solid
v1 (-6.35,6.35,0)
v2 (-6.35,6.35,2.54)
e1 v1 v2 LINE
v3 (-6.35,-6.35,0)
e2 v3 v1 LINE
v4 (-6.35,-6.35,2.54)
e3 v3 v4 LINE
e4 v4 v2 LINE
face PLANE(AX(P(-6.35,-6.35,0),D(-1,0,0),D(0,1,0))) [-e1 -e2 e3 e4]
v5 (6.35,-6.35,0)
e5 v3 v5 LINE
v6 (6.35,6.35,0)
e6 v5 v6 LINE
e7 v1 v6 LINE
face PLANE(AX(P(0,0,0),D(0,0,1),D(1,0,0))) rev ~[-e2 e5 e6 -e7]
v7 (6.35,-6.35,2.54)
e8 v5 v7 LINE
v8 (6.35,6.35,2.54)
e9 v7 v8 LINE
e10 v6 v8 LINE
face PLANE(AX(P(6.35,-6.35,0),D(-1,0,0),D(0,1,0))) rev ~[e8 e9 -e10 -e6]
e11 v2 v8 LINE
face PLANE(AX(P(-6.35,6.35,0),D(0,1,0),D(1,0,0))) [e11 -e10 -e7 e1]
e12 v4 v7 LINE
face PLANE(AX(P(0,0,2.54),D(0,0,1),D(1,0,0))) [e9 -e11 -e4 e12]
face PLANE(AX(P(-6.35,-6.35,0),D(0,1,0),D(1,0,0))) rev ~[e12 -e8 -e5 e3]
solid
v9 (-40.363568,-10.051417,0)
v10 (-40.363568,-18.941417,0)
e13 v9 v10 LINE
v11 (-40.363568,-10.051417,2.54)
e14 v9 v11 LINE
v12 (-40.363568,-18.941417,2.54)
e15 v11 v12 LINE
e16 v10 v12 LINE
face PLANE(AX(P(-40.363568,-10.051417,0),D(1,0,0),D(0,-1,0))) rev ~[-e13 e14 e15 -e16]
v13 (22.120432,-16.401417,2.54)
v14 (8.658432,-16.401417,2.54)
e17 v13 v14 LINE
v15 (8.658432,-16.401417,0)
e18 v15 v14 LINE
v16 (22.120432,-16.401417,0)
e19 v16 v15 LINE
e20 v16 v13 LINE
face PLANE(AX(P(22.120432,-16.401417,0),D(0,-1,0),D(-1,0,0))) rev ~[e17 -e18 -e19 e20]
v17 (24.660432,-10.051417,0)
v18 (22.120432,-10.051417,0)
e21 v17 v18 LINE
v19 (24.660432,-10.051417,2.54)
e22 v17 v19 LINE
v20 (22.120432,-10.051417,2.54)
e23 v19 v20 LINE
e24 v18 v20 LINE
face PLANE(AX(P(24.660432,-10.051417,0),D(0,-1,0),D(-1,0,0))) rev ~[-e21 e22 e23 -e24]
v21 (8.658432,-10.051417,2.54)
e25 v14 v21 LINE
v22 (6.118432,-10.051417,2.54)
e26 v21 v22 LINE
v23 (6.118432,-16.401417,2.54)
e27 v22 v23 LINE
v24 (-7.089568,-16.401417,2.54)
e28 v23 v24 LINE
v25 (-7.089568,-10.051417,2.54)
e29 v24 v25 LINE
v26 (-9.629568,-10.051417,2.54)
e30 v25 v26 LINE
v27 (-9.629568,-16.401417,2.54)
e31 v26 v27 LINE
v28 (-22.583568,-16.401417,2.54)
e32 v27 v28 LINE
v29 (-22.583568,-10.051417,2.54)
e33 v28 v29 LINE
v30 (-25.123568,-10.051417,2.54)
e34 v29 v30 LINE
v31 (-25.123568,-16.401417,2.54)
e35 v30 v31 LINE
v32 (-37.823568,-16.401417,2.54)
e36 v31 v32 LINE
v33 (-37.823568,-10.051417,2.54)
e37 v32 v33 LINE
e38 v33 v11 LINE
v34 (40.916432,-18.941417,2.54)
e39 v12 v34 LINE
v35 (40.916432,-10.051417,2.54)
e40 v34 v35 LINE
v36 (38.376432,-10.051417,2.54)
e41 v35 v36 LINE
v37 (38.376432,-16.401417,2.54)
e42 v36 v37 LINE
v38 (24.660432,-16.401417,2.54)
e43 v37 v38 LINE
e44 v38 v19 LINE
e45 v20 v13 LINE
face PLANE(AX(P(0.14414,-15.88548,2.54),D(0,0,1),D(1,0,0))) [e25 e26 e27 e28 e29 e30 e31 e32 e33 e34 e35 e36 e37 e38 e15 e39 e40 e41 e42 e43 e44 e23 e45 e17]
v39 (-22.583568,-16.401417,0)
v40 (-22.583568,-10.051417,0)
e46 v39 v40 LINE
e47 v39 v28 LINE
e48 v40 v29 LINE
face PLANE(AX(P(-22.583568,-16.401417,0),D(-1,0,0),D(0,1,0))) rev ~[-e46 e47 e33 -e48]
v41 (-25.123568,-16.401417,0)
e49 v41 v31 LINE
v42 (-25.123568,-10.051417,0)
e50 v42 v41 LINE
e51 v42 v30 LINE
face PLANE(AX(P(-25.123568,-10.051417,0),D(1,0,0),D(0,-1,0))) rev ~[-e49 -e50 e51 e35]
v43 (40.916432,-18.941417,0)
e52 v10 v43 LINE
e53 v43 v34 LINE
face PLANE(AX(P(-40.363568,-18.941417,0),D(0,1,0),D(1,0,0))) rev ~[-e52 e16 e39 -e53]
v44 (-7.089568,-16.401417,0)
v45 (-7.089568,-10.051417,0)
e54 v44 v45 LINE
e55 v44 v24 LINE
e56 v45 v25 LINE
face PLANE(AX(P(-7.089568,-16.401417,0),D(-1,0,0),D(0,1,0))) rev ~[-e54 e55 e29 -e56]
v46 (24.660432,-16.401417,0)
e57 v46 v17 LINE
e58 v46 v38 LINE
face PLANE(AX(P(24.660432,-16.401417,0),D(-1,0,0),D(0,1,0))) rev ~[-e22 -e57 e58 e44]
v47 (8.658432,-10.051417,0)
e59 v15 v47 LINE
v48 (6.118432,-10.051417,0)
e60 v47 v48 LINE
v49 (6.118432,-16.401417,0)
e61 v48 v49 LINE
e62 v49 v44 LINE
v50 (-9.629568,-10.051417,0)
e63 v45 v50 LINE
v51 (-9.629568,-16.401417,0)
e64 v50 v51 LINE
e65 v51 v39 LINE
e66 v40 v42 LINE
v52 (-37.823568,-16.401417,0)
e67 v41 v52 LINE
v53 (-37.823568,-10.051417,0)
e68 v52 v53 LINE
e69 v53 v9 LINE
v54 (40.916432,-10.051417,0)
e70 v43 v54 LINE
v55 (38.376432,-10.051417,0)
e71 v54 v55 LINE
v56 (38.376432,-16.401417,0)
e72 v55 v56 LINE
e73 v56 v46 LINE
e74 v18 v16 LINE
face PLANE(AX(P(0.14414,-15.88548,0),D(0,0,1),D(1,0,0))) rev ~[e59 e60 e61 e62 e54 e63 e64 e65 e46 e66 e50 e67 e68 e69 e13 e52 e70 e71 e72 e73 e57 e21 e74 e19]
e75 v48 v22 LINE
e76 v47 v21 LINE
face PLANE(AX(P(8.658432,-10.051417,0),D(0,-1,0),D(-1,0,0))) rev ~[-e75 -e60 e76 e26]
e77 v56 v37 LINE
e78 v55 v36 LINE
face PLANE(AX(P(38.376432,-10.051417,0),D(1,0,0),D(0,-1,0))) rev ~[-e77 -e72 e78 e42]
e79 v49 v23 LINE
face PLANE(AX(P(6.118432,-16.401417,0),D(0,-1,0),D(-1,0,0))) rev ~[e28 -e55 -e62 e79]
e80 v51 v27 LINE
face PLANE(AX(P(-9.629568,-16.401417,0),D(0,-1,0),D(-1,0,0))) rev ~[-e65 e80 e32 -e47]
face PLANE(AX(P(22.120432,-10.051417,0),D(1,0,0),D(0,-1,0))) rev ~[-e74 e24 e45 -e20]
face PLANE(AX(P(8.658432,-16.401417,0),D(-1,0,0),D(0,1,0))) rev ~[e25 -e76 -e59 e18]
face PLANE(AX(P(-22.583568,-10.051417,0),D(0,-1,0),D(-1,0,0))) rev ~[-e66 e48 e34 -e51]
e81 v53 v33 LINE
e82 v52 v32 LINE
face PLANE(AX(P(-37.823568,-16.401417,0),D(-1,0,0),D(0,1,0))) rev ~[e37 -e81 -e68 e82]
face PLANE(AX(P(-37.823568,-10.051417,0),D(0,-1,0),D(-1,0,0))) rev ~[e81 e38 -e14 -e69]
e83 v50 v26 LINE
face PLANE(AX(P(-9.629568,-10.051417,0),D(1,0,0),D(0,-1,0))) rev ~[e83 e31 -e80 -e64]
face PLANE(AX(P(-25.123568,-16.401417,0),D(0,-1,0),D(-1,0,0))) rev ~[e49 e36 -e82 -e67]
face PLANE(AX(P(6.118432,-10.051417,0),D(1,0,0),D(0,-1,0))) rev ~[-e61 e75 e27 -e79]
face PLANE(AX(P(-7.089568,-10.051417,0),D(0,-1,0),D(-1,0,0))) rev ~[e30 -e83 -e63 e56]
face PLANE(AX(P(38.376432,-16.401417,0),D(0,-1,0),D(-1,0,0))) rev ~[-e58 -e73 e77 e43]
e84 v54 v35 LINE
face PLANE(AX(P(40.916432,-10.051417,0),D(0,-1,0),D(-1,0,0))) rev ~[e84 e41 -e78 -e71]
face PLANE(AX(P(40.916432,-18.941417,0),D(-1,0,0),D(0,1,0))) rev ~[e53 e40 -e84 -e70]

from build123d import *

# Parameters (mm, degrees)
F0_W     = 12.7
F0_H     = 12.7
F1_DEPTH = 2.54


with BuildPart() as f1:
    # F0 (on Top) → F1 (new body)
    with BuildSketch(Plane.XY):
        Rectangle(F0_W, F0_H)
        Polygon((-25.123568, -16.401417), (-37.823568, -16.401417), (-37.823568, -10.051417), (-40.363568, -10.051417), (-40.363568, -18.941417), (40.916432, -18.941417), (40.916432, -10.051417), (38.376432, -10.051417), (38.376432, -16.401417), (24.660432, -16.401417), (24.660432, -10.051417), (22.120432, -10.051417), (22.120432, -16.401417), (8.658432, -16.401417), (8.658432, -10.051417), (6.118432, -10.051417), (6.118432, -16.401417), (-7.089568, -16.401417), (-7.089568, -10.051417), (-9.629568, -10.051417), (-9.629568, -16.401417), (-22.583568, -16.401417), (-22.583568, -10.051417), (-25.123568, -10.051417), align=None)
    extrude(amount=F1_DEPTH)


solid = f1.part
